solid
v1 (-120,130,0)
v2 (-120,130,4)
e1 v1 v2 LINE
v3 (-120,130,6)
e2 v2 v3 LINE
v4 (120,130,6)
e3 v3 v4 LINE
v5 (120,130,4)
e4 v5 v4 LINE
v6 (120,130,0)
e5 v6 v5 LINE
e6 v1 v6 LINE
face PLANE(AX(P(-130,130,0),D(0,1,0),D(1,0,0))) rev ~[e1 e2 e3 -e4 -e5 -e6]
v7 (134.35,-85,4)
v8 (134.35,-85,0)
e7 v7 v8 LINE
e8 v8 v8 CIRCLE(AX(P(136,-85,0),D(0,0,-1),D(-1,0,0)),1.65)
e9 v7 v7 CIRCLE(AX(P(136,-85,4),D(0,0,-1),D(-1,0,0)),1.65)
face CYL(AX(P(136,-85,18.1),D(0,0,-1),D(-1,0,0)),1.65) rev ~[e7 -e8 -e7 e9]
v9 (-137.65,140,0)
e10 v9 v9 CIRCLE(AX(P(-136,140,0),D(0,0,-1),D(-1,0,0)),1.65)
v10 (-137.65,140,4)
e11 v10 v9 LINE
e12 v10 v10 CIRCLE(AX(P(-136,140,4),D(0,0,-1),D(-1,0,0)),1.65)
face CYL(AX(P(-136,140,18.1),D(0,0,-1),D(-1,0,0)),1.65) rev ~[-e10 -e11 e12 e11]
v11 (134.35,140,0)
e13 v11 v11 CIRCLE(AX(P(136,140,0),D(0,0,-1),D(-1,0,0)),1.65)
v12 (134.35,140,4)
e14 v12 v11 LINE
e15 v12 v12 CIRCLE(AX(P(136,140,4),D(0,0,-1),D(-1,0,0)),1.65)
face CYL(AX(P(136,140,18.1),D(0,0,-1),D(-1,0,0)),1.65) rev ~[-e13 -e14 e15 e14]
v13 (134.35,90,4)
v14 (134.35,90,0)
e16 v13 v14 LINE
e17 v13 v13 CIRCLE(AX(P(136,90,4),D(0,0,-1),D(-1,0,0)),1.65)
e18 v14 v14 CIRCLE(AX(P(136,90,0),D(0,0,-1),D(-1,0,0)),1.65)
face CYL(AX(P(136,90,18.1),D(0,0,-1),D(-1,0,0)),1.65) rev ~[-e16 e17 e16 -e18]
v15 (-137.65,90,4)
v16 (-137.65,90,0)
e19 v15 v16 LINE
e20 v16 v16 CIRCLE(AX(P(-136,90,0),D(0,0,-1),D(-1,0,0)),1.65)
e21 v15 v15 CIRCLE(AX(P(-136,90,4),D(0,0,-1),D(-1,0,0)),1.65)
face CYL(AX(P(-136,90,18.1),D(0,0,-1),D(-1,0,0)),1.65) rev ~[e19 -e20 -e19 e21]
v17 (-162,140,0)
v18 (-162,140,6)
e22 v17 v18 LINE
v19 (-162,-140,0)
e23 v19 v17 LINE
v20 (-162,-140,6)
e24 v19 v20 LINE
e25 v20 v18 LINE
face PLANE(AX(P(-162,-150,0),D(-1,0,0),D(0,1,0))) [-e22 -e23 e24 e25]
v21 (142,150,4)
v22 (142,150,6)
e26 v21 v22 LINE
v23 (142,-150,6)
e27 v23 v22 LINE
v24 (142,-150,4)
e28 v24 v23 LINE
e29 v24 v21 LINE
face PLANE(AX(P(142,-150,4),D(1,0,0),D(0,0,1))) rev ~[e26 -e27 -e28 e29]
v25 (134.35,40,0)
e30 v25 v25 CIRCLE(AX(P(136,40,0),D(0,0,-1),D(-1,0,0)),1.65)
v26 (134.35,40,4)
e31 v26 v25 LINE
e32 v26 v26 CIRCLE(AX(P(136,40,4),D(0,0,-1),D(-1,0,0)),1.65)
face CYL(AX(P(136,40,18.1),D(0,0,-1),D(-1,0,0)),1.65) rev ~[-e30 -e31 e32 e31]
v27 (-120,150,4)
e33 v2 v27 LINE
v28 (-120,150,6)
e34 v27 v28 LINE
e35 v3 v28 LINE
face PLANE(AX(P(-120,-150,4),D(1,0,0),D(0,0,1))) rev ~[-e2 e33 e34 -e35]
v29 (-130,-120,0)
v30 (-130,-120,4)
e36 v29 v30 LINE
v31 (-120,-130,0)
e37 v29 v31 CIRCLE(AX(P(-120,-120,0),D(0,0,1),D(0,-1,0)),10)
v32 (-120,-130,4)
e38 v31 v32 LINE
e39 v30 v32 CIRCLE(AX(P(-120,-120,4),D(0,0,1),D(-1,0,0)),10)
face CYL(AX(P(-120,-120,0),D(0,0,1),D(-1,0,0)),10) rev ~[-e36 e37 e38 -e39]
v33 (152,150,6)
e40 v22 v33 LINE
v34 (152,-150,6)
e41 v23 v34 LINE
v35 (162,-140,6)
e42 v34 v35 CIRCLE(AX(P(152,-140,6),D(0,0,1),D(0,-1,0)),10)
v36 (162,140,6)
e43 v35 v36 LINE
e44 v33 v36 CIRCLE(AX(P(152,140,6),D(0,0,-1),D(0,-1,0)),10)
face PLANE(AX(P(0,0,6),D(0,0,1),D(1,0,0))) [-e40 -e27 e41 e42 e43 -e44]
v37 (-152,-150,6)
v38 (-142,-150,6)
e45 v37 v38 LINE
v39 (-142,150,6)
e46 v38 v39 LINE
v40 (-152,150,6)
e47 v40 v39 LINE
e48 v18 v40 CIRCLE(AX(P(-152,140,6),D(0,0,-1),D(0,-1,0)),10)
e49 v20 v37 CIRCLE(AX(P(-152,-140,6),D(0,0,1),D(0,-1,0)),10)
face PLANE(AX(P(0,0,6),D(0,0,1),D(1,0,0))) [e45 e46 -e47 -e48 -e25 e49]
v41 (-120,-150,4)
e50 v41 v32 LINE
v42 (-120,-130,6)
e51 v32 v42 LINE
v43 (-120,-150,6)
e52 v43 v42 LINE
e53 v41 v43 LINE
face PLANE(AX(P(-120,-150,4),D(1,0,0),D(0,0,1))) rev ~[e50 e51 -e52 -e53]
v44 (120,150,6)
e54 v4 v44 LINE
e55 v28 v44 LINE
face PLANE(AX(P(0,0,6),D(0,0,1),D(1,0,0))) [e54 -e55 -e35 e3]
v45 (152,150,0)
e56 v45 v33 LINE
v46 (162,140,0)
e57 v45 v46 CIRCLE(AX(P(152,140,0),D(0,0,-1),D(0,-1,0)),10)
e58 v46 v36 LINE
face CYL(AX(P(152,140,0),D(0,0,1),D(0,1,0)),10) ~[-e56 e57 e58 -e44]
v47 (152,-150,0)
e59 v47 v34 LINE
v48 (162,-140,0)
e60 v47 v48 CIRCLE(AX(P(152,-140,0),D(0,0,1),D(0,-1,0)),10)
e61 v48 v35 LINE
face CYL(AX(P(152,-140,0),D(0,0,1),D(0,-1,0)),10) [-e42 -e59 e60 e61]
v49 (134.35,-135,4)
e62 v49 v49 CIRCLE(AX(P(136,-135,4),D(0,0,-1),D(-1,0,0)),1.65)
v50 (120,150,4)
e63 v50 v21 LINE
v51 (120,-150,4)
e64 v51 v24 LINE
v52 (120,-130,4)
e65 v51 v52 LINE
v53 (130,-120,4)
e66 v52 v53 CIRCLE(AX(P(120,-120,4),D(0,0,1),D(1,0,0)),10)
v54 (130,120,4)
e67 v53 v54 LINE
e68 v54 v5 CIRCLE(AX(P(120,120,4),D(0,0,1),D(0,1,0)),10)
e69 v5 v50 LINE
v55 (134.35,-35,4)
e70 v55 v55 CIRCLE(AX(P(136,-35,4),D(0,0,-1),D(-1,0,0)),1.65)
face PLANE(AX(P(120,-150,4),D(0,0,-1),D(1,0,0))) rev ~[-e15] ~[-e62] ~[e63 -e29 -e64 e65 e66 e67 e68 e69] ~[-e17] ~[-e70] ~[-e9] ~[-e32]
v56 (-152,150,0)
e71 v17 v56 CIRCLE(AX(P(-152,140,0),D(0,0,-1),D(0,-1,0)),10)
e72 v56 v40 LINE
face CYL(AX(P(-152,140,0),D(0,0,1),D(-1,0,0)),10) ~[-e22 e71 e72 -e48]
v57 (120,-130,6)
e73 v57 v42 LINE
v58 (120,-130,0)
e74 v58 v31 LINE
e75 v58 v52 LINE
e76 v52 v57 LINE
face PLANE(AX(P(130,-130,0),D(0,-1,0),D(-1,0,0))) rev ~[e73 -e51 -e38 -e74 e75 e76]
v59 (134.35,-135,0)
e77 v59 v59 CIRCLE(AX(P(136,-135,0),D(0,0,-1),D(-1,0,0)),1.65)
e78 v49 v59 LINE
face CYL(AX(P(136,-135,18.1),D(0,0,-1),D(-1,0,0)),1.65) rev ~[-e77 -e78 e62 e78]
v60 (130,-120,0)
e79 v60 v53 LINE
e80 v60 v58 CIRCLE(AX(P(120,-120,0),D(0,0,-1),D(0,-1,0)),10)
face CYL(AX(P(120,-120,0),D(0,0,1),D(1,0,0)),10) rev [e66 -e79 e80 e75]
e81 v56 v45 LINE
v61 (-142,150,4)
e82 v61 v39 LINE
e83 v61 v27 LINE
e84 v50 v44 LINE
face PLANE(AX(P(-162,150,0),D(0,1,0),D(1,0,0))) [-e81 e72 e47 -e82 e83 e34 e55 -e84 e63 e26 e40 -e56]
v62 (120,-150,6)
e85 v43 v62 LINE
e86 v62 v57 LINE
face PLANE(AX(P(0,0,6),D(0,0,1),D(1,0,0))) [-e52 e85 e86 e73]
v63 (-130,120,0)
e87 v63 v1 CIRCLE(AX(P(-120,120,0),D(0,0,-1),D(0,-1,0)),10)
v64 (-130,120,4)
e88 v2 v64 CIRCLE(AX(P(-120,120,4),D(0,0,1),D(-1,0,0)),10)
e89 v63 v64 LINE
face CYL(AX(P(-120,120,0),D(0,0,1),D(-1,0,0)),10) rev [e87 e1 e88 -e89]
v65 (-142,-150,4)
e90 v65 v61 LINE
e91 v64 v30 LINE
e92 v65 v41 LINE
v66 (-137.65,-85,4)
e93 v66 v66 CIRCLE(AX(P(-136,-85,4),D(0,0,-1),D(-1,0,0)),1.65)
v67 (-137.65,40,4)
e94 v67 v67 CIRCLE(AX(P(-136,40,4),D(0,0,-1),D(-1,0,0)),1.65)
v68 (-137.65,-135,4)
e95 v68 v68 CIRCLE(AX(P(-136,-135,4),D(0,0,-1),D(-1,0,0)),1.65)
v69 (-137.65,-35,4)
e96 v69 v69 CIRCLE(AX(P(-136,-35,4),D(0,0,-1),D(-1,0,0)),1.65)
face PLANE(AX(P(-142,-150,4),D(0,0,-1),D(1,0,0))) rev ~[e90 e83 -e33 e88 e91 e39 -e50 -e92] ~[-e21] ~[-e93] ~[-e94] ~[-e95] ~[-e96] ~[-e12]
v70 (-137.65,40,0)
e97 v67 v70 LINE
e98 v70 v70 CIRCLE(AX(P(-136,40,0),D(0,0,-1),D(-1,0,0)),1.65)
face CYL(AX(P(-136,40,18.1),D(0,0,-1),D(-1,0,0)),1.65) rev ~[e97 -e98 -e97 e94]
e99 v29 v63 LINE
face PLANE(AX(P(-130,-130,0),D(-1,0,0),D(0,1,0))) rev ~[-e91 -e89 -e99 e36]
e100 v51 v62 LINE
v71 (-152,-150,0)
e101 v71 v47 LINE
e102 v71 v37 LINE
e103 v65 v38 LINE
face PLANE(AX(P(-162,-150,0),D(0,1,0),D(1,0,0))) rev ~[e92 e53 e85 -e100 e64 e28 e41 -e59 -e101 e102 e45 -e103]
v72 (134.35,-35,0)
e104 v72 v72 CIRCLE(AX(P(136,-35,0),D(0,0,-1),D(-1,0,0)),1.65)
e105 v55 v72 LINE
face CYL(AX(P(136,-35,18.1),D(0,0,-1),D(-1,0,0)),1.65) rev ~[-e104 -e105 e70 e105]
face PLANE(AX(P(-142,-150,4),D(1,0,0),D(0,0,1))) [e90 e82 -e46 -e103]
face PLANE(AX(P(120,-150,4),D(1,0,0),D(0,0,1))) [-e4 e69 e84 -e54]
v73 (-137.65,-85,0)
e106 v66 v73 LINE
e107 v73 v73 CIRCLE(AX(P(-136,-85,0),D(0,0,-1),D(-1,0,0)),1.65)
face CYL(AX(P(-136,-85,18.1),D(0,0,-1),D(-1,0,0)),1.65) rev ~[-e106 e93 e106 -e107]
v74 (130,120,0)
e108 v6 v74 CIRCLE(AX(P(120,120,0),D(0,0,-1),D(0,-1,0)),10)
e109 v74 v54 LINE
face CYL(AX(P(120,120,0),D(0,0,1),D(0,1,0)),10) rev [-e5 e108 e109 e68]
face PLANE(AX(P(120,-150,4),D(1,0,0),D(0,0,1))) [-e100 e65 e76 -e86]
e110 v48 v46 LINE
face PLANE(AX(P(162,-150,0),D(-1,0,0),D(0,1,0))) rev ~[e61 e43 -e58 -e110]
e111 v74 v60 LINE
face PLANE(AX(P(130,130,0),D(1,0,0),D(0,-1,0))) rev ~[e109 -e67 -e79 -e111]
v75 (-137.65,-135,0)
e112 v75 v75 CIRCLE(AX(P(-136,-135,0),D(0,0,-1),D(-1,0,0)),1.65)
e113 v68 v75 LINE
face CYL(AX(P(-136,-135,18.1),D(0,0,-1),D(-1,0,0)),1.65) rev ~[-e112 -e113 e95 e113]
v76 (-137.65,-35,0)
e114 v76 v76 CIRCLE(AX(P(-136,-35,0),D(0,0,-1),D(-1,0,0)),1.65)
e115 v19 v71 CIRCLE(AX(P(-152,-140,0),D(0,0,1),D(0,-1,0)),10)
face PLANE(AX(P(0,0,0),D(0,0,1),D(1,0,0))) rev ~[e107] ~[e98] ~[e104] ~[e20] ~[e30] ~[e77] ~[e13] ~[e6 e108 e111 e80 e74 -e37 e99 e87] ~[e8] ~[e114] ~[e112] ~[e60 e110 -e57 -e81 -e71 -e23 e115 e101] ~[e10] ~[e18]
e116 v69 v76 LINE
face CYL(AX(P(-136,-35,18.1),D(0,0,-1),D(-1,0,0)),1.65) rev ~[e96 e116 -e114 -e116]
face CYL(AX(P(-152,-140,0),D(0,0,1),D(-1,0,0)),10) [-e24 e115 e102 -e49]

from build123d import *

# Parameters (mm, degrees)
F0_W     = 324
F0_H     = 300
F1_DEPTH = 6
F2_R     = 10
F3_W     = 22
F3_H     = 2
F4_DEPTH = 300
F6_D     = 3.3
F6_DEPTH = 14.1
F6_TIP   = 0.9914200214
F7_R     = 10


with BuildPart() as f1:
    # F0 (on Top) → F1 (new body)
    with BuildSketch(Plane.XY):
        Rectangle(F0_W, F0_H)
        Polygon((-130, 0), (-130, 130), (130, 130), (130, 0), (130, -130), (-130, -130), align=None, mode=Mode.SUBTRACT)
    extrude(amount=F1_DEPTH)

    # F2
    f2_edges = [f1.edges().sort_by_distance(p)[0] for p in [
        (130, 130, 3),
        (-130, 130, 3),
        (-130, -130, 3),
        (130, -130, 3),
    ]]
    fillet(f2_edges, radius=F2_R)

    # F3 (on face) → F4 (cut)
    with BuildSketch(Plane.XZ.offset(150)):
        with Locations((-131, 5)):
            Rectangle(F3_W, F3_H)
        with Locations((131, 5)):
            Rectangle(F3_W, F3_H)
    extrude(amount=-F4_DEPTH, mode=Mode.SUBTRACT)

    # F6
    with Locations(Plane.XY.offset(4)):
        with Locations((-136, 140), (-136, 90), (-136, -135), (136, -135), (136, 90), (136, 140), (136, -85), (-136, -85), (-136, 40), (-136, -35), (136, -35), (136, 40)):
            Hole(F6_D / 2, depth=F6_DEPTH)
            with Locations((0, 0, -(F6_DEPTH + F6_TIP / 2))):  # 118° drill point
                Cone(0, F6_D / 2, F6_TIP, mode=Mode.SUBTRACT)

    # F7
    f7_edges = [f1.edges().sort_by_distance(p)[0] for p in [
        (162, -150, 3),
        (162, 150, 3),
        (-162, -150, 3),
        (-162, 150, 3),
    ]]
    fillet(f7_edges, radius=F7_R)


solid = f1.part
